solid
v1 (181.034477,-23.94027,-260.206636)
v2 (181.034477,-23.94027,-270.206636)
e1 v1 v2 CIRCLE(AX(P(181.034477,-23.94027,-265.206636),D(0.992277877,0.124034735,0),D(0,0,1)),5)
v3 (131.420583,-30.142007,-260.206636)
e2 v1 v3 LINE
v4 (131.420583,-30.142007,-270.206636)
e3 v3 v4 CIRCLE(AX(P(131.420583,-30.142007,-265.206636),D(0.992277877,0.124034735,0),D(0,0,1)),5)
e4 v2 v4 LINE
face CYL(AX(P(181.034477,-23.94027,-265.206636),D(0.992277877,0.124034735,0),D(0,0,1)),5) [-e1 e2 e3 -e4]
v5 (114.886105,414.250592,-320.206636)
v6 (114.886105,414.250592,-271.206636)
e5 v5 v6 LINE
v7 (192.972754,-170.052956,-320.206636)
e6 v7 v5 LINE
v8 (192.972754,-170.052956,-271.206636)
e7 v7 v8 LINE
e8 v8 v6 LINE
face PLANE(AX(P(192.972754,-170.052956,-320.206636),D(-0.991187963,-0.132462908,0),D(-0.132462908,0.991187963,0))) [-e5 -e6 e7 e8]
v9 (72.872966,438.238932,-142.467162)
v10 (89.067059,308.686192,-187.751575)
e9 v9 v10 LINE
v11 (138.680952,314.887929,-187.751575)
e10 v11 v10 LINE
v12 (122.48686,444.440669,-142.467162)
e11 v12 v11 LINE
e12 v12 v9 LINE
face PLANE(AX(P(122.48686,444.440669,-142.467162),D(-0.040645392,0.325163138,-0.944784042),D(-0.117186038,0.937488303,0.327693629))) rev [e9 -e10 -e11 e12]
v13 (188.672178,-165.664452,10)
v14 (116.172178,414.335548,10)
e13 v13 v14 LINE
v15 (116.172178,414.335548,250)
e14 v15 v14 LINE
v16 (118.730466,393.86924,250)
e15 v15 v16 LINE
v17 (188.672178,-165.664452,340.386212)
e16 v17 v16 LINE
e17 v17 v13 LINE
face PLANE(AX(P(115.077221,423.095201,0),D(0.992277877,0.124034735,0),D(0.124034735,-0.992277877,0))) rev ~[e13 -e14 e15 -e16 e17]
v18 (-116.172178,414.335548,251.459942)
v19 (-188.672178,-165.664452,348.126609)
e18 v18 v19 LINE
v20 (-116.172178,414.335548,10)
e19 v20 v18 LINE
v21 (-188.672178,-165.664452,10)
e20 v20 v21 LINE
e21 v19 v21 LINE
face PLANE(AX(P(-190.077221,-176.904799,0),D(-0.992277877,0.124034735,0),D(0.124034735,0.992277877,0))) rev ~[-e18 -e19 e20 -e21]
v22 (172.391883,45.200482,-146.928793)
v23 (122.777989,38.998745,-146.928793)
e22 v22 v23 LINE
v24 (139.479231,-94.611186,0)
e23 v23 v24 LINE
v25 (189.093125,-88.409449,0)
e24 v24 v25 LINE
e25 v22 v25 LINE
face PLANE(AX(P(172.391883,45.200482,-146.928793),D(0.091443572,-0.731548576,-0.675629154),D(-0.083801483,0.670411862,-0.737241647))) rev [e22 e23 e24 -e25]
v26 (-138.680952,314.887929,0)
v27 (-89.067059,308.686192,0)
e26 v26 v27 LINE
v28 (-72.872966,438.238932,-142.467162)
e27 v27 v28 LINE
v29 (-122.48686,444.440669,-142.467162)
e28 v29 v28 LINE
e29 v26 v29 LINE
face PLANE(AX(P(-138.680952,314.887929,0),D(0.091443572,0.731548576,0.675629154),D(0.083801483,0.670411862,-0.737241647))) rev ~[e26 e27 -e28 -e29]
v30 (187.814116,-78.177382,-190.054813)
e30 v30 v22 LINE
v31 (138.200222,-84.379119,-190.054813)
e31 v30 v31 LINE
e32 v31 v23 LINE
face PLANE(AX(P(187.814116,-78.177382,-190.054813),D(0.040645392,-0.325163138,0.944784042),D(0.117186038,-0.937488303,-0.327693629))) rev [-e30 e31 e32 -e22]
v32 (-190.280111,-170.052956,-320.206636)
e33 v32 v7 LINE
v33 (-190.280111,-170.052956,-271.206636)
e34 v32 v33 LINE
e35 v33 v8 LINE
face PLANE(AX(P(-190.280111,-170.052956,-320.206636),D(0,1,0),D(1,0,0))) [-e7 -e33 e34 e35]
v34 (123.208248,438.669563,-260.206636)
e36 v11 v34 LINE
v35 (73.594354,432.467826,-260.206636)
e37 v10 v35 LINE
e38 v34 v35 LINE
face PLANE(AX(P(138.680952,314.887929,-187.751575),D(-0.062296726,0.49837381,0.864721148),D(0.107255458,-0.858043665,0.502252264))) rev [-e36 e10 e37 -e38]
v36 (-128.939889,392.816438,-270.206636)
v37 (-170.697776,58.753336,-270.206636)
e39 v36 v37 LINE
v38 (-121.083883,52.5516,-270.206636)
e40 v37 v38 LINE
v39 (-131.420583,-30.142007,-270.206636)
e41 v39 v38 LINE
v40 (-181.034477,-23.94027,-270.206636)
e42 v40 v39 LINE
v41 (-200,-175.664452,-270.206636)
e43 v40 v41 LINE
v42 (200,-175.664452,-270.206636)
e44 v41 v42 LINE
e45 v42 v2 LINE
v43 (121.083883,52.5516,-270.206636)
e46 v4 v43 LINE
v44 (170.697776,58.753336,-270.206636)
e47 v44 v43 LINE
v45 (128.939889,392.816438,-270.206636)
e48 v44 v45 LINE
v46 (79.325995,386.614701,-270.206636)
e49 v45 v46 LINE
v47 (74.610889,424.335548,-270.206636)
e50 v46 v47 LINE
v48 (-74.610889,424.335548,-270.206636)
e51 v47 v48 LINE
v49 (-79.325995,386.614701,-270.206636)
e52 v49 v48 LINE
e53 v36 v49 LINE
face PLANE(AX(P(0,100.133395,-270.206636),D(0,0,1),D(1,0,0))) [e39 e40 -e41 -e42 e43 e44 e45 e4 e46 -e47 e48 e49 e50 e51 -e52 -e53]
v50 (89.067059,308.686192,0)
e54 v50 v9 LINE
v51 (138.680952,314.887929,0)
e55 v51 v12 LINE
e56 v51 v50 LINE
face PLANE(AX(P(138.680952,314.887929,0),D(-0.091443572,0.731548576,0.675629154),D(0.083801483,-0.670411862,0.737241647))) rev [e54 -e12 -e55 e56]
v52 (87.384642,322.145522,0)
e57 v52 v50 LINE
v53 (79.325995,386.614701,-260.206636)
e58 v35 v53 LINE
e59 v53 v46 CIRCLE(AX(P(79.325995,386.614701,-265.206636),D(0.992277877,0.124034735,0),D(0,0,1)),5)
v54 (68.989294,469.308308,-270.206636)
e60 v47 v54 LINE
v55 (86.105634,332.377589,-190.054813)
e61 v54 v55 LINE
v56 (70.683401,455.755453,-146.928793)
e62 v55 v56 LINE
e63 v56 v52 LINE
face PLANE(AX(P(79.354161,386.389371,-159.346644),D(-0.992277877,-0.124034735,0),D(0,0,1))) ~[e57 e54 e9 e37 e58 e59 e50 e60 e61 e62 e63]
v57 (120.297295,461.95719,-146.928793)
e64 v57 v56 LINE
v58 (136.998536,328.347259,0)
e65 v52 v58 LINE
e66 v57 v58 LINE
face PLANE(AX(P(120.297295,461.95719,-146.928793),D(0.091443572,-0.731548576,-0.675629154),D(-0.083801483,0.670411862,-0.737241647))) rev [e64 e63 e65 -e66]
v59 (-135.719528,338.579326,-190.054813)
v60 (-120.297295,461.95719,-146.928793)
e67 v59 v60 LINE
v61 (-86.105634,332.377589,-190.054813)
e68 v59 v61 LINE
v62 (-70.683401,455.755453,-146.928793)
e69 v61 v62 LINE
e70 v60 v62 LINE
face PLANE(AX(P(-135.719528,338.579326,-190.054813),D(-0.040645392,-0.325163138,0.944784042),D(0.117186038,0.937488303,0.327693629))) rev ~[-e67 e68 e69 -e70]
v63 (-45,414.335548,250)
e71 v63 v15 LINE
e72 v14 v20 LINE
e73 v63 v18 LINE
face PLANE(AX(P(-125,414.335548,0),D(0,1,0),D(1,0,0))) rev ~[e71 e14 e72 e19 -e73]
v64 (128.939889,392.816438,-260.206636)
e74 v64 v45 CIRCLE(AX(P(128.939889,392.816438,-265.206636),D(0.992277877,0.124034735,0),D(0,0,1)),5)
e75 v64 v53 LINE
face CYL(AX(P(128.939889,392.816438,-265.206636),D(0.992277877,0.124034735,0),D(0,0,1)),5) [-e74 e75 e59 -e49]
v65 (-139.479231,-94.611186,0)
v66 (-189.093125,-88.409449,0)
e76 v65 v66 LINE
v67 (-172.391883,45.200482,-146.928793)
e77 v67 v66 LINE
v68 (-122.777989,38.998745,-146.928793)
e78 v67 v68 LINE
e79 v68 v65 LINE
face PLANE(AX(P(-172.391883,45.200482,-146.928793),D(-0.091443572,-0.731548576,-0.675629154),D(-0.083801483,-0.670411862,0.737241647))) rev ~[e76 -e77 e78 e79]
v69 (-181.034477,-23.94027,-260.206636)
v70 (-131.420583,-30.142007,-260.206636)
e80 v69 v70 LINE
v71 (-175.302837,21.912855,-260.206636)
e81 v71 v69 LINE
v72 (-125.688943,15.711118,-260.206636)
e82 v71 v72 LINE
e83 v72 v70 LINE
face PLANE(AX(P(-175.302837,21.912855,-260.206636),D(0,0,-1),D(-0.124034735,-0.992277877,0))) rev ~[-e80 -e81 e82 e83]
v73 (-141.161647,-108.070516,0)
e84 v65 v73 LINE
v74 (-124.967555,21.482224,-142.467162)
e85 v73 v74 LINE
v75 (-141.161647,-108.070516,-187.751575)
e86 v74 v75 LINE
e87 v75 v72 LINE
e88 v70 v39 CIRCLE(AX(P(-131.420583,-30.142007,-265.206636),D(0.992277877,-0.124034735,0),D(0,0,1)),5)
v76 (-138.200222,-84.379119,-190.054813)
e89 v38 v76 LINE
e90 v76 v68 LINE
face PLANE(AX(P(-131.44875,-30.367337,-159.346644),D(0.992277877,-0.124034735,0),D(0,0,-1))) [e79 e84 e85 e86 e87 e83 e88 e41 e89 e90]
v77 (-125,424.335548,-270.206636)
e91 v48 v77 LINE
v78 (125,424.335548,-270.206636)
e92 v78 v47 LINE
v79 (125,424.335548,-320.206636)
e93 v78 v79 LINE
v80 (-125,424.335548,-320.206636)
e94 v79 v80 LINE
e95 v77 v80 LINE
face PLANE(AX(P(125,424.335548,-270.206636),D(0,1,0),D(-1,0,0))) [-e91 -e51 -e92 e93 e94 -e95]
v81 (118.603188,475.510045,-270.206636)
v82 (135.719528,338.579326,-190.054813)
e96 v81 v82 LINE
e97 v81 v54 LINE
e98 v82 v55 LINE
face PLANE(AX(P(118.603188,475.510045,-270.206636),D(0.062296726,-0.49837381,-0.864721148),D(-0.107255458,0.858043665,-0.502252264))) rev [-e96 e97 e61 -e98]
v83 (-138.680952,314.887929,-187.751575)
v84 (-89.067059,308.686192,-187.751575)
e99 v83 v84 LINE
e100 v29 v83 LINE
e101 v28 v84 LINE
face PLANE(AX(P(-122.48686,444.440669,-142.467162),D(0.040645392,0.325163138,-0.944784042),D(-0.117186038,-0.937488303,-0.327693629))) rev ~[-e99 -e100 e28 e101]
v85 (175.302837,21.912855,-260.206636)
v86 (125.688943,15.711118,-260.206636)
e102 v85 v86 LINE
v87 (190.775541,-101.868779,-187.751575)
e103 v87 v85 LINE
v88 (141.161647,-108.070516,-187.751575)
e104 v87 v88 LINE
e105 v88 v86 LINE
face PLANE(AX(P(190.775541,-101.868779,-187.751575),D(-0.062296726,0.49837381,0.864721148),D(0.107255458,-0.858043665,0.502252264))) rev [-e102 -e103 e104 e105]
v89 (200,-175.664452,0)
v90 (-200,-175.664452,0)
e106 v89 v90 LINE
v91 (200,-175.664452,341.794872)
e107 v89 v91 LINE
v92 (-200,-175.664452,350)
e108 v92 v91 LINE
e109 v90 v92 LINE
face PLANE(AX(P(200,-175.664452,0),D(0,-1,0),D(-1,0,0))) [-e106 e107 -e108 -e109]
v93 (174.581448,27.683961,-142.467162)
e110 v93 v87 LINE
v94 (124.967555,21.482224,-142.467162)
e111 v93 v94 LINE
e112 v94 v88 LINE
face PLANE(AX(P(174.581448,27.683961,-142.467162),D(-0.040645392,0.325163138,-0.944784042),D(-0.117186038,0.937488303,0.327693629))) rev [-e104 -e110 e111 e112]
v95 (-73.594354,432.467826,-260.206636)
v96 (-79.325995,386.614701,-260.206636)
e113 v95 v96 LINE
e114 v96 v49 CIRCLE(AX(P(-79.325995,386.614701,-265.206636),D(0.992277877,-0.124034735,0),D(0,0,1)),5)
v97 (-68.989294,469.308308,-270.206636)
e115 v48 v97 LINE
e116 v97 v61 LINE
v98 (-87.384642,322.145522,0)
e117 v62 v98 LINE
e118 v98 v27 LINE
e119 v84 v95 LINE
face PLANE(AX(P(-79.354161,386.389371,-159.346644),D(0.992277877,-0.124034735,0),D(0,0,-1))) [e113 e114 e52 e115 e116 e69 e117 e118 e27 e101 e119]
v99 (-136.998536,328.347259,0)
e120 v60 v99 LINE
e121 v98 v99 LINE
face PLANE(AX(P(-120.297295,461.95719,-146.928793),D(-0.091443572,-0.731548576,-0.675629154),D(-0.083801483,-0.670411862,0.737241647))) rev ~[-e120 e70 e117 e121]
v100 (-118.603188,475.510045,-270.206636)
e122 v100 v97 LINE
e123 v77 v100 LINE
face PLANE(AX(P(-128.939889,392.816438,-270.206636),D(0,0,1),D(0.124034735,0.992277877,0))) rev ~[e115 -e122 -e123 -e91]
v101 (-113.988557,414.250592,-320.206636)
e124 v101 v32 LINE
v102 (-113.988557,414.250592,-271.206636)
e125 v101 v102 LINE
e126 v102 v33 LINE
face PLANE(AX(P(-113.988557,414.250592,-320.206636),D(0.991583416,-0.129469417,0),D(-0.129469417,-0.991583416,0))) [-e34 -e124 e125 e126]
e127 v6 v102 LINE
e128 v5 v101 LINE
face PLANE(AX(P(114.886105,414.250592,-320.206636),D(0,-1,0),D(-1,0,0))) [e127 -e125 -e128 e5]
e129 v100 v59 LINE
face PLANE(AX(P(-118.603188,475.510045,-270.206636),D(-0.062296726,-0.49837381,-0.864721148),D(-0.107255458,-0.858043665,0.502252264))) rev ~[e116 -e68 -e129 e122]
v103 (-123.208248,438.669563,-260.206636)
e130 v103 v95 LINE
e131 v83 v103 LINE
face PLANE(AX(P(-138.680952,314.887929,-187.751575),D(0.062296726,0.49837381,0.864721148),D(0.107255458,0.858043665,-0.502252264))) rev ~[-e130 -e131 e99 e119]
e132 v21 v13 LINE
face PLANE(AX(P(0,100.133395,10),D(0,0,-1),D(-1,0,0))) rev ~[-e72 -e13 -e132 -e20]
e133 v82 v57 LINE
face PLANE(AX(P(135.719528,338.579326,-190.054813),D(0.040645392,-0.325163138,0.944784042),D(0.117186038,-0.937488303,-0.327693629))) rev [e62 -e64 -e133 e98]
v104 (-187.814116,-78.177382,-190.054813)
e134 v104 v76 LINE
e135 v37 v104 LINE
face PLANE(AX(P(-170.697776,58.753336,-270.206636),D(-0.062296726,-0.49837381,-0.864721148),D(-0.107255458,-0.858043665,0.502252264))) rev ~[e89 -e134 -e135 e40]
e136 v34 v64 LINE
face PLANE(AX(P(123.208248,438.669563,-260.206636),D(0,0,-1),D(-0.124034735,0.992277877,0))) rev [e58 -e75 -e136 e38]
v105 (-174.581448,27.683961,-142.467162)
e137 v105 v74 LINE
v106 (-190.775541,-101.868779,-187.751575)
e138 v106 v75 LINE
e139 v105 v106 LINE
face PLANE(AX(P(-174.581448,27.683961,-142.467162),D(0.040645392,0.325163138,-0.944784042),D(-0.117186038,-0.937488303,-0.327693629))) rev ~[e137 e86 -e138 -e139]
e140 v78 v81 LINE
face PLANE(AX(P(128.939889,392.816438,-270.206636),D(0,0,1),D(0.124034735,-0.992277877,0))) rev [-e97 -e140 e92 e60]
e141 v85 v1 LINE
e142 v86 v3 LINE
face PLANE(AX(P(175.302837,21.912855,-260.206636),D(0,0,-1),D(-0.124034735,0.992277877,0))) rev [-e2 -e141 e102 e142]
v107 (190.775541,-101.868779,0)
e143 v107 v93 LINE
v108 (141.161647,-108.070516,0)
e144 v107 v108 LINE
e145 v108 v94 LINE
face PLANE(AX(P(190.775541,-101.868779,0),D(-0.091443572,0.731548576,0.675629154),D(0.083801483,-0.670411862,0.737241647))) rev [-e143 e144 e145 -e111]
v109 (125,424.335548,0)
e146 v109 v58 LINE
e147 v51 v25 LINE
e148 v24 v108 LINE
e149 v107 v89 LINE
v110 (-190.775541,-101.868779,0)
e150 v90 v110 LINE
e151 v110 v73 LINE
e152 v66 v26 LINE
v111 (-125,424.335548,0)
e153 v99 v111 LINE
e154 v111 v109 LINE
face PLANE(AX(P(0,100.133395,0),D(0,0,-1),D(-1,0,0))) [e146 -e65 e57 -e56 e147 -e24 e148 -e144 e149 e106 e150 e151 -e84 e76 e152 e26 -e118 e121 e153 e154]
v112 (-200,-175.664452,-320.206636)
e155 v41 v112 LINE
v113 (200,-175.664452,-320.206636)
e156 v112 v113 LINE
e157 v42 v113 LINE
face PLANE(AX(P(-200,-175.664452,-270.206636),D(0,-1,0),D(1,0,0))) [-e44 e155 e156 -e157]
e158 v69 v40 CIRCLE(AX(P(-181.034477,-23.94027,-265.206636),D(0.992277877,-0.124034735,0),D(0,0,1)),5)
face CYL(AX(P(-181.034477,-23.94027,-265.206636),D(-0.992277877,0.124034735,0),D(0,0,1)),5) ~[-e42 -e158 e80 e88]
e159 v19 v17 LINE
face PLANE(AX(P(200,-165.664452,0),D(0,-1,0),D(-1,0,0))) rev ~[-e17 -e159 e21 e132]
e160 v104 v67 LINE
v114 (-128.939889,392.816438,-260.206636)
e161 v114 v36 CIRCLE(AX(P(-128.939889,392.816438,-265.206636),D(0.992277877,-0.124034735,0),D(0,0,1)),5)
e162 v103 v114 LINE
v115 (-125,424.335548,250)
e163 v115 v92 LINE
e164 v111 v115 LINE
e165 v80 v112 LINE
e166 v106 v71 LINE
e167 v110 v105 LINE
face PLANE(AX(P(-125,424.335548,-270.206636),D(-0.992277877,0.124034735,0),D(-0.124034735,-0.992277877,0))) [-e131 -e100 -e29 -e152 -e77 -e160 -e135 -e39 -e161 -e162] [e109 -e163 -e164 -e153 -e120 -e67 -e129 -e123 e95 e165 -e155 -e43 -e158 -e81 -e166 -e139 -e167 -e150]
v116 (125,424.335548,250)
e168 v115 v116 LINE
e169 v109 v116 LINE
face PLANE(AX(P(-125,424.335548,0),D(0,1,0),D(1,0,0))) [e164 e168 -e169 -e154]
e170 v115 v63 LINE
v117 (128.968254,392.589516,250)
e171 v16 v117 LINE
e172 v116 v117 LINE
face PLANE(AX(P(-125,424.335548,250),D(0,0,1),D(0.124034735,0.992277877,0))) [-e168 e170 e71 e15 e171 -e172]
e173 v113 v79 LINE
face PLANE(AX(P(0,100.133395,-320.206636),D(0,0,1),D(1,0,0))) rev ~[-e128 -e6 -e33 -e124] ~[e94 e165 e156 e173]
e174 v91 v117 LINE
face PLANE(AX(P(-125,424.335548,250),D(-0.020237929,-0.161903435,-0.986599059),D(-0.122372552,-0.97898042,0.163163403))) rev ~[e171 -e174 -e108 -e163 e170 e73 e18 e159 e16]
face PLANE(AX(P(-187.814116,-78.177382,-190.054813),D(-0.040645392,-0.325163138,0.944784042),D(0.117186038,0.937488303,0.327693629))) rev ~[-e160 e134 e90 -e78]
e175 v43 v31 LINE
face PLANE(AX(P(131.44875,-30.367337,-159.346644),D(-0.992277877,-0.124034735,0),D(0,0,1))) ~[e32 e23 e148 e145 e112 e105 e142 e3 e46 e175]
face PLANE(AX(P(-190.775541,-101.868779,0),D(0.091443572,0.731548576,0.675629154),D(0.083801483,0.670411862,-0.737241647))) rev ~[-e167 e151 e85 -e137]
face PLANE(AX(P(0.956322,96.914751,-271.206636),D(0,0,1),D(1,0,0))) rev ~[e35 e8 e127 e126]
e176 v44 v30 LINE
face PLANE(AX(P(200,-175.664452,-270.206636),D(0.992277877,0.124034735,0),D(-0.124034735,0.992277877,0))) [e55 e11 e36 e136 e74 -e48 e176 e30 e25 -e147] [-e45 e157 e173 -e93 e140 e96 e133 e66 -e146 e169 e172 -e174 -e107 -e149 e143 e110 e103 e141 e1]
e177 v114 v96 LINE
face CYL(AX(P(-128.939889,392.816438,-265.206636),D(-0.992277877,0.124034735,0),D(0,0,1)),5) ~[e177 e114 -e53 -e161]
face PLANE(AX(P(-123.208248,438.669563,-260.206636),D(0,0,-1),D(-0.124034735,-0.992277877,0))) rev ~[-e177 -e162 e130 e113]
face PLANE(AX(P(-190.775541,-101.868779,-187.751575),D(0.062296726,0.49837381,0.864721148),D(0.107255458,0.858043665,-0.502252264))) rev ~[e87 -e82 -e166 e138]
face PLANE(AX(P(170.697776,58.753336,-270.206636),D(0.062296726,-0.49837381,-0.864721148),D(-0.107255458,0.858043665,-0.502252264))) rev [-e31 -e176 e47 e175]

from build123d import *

# Parameters (mm, degrees)
BOSS_EXTRUDE1_DEPTH = 350
SHELL1_T            = -10
CUT_EXTRUDE1_DEPTH  = 436
SKETCH3_W           = 259.761046689
SKETCH3_H           = 96.41009556
CUT_EXTRUDE2_DEPTH  = 653.147409369
BOSS_EXTRUDE2_DEPTH = 50
BOSS_EXTRUDE3_DEPTH = 50
CUT_EXTRUDE3_DEPTH  = 49


with BuildPart() as part:
    # Sketch1 → Boss-Extrude1 (new body)
    with BuildSketch(Plane.XY):
        Polygon((-125, 424.335548173), (125, 424.335548173), (200, -175.664451827), (-200, -175.664451827), align=None)
    extrude(amount=BOSS_EXTRUDE1_DEPTH)

    # Shell1
    shell1_openings = [part.faces().sort_by_distance(p)[0] for p in [
        (0, 101.258625096, 350),
    ]]
    offset(amount=SHELL1_T, openings=shell1_openings, kind=Kind.INTERSECTION)

    # Sketch2 → Cut-Extrude1 (cut)
    with BuildSketch(Plane(origin=(-175.302836698, 21.912854587, 0), x_dir=(0, 0, 1), z_dir=(-0.9922778767136677, 0.12403473458920852, 0))):
        Polygon((250, 405.554434931), (350, -199.114896191), (350, 405.554434931), align=None)
    extrude(amount=-CUT_EXTRUDE1_DEPTH, mode=Mode.SUBTRACT)

    # Sketch3 → Cut-Extrude2 (cut, through all)
    with BuildSketch(Plane(origin=(-175.302836698, 21.912854587, 0), x_dir=(0, 0, 1), z_dir=(-0.9922778767136677, 0.12403473458920852, 0))):
        with Locations((379.880523345, 453.759482711)):
            Rectangle(SKETCH3_W, SKETCH3_H)
    extrude(amount=-CUT_EXTRUDE2_DEPTH, mode=Mode.SUBTRACT)

    # Sketch5 → Boss-Extrude2 (add)
    with BuildSketch(Plane(origin=(-175.302836698, 21.912854587, 0), x_dir=(0, 0, 1), z_dir=(-0.9922778767136677, 0.12403473458920852, 0))):
        with BuildLine():
            Line((0, -124.744929756), (-142.467162168, 5.816018008))
            Line((-142.467162168, 5.816018008), (-187.751575152, -124.744929756))
            Line((-187.751575152, -124.744929756), (-260.206635925, 0))
            Line((-260.206635925, 0), (-260.206635925, -46.209963839))
            ThreePointArc((-260.206635925, -46.209963839), (-265.206635925, -51.209963839), (-270.206635925, -46.209963839))
            Line((-270.206635925, -46.209963839), (-270.206635925, 37.127182563))
            Line((-270.206635925, 37.127182563), (-190.054813406, -100.869161145))
            Line((-190.054813406, -100.869161145), (-146.928792702, 23.468856407))
            Line((-146.928792702, 23.468856407), (6.756291537, -117.372513282))
            ThreePointArc((6.756291537, -117.372513282), (7.064354006, -124.436867288), (0, -124.744929756))
        make_face()
        with BuildLine():
            Line((0, 295.255070244), (-142.467162168, 425.816018008))
            Line((-142.467162168, 425.816018008), (-187.751575152, 295.255070244))
            Line((-187.751575152, 295.255070244), (-260.206635925, 420))
            Line((-260.206635925, 420), (-260.206635925, 373.790036161))
            ThreePointArc((-260.206635925, 373.790036161), (-265.206635925, 368.790036161), (-270.206635925, 373.790036161))
            Line((-270.206635925, 373.790036161), (-270.206635925, 457.127182563))
            Line((-270.206635925, 457.127182563), (-190.054813406, 319.130838855))
            Line((-190.054813406, 319.130838855), (-146.928792702, 443.468856407))
            Line((-146.928792702, 443.468856407), (6.756291537, 302.627486718))
            ThreePointArc((6.756291537, 302.627486718), (7.064354006, 295.563132712), (0, 295.255070244))
        make_face()
    boss_extrude2 = extrude(amount=-BOSS_EXTRUDE2_DEPTH)

    # Mirror1: Boss-Extrude2 across plane
    add(boss_extrude2.mirror(Plane(origin=(0, 0, 0), x_dir=(0, 0, 1), z_dir=(1, 0, 0))))

    # Sketch6 → Boss-Extrude3 (add)
    with BuildSketch(Plane(origin=(0, 0, -270.206635925), x_dir=(-1, 0, 0), z_dir=(0, 0, -1))):
        Polygon((-200, -175.664451827), (-125, 424.335548173), (125, 424.335548173), (200, -175.664451827), align=None)
    extrude(amount=BOSS_EXTRUDE3_DEPTH)

    # Sketch7 → Cut-Extrude3 (cut)
    with BuildSketch(Plane(origin=(0, 0, -320.206635925), x_dir=(-1, 0, 0), z_dir=(0, 0, -1))):
        Polygon((-192.972753686, -170.052955611), (-114.88610452, 414.250591596), (113.988556829, 414.250591596), (190.280110611, -170.052955611), align=None)
    extrude(amount=-CUT_EXTRUDE3_DEPTH, mode=Mode.SUBTRACT)


solid = part.part
